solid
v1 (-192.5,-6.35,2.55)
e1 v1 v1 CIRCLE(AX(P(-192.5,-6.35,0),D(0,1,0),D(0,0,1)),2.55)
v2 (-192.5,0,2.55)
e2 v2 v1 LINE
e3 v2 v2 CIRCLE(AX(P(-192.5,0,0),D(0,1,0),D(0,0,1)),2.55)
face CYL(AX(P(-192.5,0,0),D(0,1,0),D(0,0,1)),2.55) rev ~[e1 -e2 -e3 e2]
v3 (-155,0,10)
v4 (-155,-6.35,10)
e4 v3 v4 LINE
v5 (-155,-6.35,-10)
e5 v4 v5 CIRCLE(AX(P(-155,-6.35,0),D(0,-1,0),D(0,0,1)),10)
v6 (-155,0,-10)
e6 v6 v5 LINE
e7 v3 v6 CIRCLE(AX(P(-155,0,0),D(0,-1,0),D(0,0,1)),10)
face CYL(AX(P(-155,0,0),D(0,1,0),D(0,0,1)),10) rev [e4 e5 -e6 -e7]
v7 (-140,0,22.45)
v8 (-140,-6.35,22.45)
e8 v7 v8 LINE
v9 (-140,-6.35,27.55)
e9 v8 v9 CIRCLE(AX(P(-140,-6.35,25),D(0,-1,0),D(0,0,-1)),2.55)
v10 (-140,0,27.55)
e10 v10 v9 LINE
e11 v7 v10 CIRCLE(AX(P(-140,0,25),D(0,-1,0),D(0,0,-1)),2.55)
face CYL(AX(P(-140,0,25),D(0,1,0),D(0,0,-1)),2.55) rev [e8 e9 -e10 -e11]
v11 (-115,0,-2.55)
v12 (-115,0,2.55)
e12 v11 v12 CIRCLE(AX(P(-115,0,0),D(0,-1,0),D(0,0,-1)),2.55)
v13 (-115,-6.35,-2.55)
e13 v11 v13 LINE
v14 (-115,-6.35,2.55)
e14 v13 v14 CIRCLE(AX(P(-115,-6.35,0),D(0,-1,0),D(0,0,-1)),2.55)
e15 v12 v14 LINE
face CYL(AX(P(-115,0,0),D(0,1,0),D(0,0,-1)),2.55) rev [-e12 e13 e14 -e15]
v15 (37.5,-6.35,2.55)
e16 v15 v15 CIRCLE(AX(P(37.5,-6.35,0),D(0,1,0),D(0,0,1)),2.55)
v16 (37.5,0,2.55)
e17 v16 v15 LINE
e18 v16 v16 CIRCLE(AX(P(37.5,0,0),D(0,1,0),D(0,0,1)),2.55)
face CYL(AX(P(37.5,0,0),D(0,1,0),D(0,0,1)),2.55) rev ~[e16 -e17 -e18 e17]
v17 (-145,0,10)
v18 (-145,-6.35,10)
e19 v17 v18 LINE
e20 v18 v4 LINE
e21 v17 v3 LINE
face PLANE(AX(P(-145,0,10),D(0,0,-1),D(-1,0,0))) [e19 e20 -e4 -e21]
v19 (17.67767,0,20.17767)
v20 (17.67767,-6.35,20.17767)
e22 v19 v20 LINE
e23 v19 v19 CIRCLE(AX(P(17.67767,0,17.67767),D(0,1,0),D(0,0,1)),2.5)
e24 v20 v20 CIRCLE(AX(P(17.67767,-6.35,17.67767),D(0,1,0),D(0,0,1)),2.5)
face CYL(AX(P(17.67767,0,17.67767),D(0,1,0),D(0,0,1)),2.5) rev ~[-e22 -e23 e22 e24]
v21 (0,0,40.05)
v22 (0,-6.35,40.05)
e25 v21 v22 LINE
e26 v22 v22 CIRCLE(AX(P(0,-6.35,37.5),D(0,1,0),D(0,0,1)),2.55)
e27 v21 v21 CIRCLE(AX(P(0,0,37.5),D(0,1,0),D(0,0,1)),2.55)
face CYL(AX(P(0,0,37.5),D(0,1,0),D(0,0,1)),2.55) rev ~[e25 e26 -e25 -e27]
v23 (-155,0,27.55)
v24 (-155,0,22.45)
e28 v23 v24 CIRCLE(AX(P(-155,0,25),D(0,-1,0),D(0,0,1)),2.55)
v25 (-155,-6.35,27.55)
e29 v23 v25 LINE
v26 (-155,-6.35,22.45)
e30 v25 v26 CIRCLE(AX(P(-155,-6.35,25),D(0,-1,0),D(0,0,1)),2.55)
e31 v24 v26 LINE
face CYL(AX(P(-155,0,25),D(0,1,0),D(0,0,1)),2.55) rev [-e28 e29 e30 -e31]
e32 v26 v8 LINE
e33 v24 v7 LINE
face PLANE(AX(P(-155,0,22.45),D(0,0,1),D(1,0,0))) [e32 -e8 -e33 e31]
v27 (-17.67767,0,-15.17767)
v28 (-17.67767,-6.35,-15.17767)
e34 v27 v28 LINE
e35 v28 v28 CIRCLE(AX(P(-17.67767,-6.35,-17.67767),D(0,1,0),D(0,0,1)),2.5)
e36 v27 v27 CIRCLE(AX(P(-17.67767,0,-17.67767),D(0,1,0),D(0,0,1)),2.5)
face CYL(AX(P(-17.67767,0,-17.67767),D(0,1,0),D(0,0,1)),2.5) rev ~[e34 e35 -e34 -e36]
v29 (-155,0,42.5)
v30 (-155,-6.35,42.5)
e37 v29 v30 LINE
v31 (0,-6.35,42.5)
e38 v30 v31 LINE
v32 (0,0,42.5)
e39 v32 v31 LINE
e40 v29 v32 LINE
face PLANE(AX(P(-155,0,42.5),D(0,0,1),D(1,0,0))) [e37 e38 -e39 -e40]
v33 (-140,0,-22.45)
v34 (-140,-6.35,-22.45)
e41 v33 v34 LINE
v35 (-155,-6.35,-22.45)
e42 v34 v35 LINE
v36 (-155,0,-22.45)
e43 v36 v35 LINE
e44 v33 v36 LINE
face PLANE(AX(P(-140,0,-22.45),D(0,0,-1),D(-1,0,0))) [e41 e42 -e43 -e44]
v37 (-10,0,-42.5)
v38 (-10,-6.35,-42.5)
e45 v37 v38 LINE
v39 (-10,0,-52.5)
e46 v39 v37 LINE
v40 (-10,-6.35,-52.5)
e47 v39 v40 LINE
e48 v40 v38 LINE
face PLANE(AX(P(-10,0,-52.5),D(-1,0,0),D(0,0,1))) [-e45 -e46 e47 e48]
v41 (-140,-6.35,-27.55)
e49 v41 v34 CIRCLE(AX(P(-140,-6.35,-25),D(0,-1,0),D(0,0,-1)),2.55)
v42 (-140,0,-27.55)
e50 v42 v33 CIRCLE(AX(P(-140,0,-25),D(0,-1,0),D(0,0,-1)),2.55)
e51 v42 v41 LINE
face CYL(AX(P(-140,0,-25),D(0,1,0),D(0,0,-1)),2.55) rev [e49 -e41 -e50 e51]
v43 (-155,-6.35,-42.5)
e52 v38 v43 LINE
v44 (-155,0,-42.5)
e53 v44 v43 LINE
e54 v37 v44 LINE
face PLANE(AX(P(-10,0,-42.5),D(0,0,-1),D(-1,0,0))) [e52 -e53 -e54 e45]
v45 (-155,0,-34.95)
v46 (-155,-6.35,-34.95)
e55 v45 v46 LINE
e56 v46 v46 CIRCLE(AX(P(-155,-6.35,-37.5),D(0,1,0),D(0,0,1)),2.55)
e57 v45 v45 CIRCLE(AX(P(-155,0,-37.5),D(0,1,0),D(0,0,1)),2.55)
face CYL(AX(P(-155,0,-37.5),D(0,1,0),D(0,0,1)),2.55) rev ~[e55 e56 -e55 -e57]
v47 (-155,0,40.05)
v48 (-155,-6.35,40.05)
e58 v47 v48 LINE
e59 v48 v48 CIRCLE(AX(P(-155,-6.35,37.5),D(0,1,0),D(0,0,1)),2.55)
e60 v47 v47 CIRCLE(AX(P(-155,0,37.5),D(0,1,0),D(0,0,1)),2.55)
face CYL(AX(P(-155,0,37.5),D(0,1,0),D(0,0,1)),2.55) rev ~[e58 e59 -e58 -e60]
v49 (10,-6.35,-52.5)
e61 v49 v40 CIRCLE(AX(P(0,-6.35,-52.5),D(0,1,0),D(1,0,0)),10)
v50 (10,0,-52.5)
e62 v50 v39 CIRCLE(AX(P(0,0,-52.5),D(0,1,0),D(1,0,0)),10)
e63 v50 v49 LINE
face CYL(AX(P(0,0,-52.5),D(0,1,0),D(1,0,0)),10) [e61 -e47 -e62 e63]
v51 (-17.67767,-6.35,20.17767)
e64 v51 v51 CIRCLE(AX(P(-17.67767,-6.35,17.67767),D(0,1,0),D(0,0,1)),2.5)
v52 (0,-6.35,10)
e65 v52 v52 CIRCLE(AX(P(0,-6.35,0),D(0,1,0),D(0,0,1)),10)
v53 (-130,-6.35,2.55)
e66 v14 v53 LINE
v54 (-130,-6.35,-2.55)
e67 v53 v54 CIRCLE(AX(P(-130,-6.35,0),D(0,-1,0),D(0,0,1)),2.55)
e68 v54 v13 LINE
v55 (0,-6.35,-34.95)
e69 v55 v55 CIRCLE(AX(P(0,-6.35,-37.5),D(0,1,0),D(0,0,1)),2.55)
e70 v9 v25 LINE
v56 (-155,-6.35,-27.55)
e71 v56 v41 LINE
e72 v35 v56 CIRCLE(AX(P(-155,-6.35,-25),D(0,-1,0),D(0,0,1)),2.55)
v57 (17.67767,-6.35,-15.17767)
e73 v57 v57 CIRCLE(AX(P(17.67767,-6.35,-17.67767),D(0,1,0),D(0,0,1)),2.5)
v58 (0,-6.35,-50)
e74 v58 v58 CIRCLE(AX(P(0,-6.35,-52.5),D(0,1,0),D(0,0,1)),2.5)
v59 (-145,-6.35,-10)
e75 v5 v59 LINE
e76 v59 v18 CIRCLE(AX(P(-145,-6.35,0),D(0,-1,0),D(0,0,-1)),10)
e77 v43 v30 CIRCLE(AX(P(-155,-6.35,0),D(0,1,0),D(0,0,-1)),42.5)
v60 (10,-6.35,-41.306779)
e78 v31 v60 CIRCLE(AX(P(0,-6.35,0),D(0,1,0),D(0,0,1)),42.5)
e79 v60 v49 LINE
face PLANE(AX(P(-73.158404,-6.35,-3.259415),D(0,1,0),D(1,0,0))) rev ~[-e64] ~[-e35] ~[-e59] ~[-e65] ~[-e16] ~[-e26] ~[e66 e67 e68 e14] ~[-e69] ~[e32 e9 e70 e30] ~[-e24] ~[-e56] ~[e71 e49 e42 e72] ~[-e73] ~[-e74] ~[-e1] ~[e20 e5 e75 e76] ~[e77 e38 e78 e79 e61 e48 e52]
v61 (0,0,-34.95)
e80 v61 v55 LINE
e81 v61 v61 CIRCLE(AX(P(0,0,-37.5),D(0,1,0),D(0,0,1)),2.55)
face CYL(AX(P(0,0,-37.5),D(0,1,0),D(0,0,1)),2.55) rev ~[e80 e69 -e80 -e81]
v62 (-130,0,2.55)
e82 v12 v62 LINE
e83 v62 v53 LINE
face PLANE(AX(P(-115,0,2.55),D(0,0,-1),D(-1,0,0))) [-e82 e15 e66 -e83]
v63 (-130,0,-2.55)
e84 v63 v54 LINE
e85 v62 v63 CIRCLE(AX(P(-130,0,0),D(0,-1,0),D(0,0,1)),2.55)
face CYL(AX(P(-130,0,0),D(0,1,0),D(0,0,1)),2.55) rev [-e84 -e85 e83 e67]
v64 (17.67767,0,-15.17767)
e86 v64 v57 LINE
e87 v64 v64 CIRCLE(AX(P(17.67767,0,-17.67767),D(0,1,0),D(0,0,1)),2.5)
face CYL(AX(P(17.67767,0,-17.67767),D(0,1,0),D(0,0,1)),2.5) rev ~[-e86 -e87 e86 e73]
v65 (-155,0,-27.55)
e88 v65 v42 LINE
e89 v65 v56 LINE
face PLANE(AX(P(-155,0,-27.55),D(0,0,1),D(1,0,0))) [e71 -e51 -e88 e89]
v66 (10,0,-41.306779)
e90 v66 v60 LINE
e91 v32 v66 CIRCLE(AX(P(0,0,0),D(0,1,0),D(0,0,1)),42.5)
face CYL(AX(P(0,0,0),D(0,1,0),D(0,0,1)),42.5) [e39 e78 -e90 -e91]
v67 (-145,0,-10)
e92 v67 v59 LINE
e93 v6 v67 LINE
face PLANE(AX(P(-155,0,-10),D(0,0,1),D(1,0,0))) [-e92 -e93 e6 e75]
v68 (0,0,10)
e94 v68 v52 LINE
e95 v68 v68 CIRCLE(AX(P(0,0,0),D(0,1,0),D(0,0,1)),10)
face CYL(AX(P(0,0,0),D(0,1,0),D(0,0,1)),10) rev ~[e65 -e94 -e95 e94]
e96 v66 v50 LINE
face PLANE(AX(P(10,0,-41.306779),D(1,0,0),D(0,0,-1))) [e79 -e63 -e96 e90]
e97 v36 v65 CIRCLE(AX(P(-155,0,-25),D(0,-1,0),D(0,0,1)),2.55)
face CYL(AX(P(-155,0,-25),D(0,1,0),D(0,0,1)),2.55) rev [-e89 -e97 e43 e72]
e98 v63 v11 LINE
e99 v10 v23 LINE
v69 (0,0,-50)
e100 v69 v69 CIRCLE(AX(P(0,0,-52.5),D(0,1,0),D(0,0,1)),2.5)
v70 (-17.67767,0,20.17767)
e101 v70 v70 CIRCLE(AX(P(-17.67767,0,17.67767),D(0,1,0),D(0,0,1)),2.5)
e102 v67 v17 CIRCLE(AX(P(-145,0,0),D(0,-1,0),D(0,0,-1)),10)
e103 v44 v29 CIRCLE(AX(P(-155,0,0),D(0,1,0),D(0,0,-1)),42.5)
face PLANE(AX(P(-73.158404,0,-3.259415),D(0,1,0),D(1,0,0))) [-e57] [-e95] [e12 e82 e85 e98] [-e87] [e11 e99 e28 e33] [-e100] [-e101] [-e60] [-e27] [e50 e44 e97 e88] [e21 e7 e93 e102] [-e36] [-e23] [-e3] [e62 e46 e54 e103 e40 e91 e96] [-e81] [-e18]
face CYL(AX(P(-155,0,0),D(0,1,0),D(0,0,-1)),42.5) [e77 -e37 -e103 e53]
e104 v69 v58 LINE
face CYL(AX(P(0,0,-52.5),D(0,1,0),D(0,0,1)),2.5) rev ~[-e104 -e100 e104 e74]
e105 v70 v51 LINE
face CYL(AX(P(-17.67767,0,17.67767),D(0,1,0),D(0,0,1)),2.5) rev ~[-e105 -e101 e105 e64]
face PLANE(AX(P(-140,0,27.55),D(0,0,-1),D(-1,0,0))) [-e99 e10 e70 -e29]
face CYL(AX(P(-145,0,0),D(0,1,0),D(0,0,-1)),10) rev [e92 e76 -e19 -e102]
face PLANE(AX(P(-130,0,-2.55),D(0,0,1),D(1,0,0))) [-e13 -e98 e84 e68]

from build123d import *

# Parameters (mm, degrees)
SKETCH1_R           = 2.55
SKETCH1_R_2         = 2.5
SKETCH1_R_3         = 10
BOSS_EXTRUDE1_DEPTH = 6.35


with BuildPart() as part:
    # Sketch1 → Boss-Extrude1 (new body)
    with BuildSketch(Plane(origin=(0, 0, 0), x_dir=(1, 0, 0), z_dir=(0, 1, 0))):
        with BuildLine():
            ThreePointArc((-155, 42.5), (-197.5, 0), (-155, -42.5))
            Line((-155, -42.5), (0, -42.5))
            ThreePointArc((0, -42.5), (42.200640469, -5.0354686), (10, 41.306779105))
            Line((10, 41.306779105), (10, 52.5))
            ThreePointArc((10, 52.5), (0, 62.5), (-10, 52.5))
            Line((-10, 52.5), (-10, 42.5))
            Line((-10, 42.5), (-155, 42.5))
        make_face()
        with BuildLine():
            ThreePointArc((-115, 2.55), (-112.45, 0), (-115, -2.55))
            Line((-115, -2.55), (-130, -2.55))
            ThreePointArc((-130, -2.55), (-132.55, 0), (-130, 2.55))
            Line((-130, 2.55), (-115, 2.55))
        make_face(mode=Mode.SUBTRACT)
        with Locations(Location((-155, -37.5, 0), (0, 0, 270))):
            Circle(SKETCH1_R, mode=Mode.SUBTRACT)
        with BuildLine():
            ThreePointArc((-155, -27.55), (-157.55, -25), (-155, -22.45))
            Line((-155, -22.45), (-140, -22.45))
            ThreePointArc((-140, -22.45), (-137.45, -25), (-140, -27.55))
            Line((-140, -27.55), (-155, -27.55))
        make_face(mode=Mode.SUBTRACT)
        with Locations(Location((-192.5, 0, 0), (0, 0, 270))):
            Circle(SKETCH1_R, mode=Mode.SUBTRACT)
        with BuildLine():
            ThreePointArc((-155, -10), (-165, 0), (-155, 10))
            Line((-155, 10), (-145, 10))
            ThreePointArc((-145, 10), (-135, 0), (-145, -10))
            Line((-145, -10), (-155, -10))
        make_face(mode=Mode.SUBTRACT)
        with BuildLine():
            ThreePointArc((-155, 22.45), (-157.55, 25), (-155, 27.55))
            Line((-155, 27.55), (-140, 27.55))
            ThreePointArc((-140, 27.55), (-137.45, 25), (-140, 22.45))
            Line((-140, 22.45), (-155, 22.45))
        make_face(mode=Mode.SUBTRACT)
        with Locations(Location((-155, 37.5, 0), (0, 0, 270))):
            Circle(SKETCH1_R, mode=Mode.SUBTRACT)
        with Locations(Location((0, 37.5, 0), (0, 0, 270))):
            Circle(SKETCH1_R, mode=Mode.SUBTRACT)
        with Locations(Location((17.67766953, 17.67766953, 0), (0, 0, 270))):
            Circle(SKETCH1_R_2, mode=Mode.SUBTRACT)
        with Locations(Location((-17.67766953, -17.67766953, 0), (0, 0, 270))):
            Circle(SKETCH1_R_2, mode=Mode.SUBTRACT)
        with Locations(Location((0, -37.5, 0), (0, 0, 270))):
            Circle(SKETCH1_R, mode=Mode.SUBTRACT)
        with Locations(Location((17.67766953, -17.67766953, 0), (0, 0, 270))):
            Circle(SKETCH1_R_2, mode=Mode.SUBTRACT)
        with Locations(Location((0, 0, 0), (0, 0, 270))):
            Circle(SKETCH1_R_3, mode=Mode.SUBTRACT)
        with Locations(Location((37.5, 0, 0), (0, 0, 270))):
            Circle(SKETCH1_R, mode=Mode.SUBTRACT)
        with Locations(Location((-17.67766953, 17.67766953, 0), (0, 0, 270))):
            Circle(SKETCH1_R_2, mode=Mode.SUBTRACT)
        with Locations(Location((0, 52.5, 0), (0, 0, 270))):
            Circle(SKETCH1_R_2, mode=Mode.SUBTRACT)
    extrude(amount=-BOSS_EXTRUDE1_DEPTH)


solid = part.part
